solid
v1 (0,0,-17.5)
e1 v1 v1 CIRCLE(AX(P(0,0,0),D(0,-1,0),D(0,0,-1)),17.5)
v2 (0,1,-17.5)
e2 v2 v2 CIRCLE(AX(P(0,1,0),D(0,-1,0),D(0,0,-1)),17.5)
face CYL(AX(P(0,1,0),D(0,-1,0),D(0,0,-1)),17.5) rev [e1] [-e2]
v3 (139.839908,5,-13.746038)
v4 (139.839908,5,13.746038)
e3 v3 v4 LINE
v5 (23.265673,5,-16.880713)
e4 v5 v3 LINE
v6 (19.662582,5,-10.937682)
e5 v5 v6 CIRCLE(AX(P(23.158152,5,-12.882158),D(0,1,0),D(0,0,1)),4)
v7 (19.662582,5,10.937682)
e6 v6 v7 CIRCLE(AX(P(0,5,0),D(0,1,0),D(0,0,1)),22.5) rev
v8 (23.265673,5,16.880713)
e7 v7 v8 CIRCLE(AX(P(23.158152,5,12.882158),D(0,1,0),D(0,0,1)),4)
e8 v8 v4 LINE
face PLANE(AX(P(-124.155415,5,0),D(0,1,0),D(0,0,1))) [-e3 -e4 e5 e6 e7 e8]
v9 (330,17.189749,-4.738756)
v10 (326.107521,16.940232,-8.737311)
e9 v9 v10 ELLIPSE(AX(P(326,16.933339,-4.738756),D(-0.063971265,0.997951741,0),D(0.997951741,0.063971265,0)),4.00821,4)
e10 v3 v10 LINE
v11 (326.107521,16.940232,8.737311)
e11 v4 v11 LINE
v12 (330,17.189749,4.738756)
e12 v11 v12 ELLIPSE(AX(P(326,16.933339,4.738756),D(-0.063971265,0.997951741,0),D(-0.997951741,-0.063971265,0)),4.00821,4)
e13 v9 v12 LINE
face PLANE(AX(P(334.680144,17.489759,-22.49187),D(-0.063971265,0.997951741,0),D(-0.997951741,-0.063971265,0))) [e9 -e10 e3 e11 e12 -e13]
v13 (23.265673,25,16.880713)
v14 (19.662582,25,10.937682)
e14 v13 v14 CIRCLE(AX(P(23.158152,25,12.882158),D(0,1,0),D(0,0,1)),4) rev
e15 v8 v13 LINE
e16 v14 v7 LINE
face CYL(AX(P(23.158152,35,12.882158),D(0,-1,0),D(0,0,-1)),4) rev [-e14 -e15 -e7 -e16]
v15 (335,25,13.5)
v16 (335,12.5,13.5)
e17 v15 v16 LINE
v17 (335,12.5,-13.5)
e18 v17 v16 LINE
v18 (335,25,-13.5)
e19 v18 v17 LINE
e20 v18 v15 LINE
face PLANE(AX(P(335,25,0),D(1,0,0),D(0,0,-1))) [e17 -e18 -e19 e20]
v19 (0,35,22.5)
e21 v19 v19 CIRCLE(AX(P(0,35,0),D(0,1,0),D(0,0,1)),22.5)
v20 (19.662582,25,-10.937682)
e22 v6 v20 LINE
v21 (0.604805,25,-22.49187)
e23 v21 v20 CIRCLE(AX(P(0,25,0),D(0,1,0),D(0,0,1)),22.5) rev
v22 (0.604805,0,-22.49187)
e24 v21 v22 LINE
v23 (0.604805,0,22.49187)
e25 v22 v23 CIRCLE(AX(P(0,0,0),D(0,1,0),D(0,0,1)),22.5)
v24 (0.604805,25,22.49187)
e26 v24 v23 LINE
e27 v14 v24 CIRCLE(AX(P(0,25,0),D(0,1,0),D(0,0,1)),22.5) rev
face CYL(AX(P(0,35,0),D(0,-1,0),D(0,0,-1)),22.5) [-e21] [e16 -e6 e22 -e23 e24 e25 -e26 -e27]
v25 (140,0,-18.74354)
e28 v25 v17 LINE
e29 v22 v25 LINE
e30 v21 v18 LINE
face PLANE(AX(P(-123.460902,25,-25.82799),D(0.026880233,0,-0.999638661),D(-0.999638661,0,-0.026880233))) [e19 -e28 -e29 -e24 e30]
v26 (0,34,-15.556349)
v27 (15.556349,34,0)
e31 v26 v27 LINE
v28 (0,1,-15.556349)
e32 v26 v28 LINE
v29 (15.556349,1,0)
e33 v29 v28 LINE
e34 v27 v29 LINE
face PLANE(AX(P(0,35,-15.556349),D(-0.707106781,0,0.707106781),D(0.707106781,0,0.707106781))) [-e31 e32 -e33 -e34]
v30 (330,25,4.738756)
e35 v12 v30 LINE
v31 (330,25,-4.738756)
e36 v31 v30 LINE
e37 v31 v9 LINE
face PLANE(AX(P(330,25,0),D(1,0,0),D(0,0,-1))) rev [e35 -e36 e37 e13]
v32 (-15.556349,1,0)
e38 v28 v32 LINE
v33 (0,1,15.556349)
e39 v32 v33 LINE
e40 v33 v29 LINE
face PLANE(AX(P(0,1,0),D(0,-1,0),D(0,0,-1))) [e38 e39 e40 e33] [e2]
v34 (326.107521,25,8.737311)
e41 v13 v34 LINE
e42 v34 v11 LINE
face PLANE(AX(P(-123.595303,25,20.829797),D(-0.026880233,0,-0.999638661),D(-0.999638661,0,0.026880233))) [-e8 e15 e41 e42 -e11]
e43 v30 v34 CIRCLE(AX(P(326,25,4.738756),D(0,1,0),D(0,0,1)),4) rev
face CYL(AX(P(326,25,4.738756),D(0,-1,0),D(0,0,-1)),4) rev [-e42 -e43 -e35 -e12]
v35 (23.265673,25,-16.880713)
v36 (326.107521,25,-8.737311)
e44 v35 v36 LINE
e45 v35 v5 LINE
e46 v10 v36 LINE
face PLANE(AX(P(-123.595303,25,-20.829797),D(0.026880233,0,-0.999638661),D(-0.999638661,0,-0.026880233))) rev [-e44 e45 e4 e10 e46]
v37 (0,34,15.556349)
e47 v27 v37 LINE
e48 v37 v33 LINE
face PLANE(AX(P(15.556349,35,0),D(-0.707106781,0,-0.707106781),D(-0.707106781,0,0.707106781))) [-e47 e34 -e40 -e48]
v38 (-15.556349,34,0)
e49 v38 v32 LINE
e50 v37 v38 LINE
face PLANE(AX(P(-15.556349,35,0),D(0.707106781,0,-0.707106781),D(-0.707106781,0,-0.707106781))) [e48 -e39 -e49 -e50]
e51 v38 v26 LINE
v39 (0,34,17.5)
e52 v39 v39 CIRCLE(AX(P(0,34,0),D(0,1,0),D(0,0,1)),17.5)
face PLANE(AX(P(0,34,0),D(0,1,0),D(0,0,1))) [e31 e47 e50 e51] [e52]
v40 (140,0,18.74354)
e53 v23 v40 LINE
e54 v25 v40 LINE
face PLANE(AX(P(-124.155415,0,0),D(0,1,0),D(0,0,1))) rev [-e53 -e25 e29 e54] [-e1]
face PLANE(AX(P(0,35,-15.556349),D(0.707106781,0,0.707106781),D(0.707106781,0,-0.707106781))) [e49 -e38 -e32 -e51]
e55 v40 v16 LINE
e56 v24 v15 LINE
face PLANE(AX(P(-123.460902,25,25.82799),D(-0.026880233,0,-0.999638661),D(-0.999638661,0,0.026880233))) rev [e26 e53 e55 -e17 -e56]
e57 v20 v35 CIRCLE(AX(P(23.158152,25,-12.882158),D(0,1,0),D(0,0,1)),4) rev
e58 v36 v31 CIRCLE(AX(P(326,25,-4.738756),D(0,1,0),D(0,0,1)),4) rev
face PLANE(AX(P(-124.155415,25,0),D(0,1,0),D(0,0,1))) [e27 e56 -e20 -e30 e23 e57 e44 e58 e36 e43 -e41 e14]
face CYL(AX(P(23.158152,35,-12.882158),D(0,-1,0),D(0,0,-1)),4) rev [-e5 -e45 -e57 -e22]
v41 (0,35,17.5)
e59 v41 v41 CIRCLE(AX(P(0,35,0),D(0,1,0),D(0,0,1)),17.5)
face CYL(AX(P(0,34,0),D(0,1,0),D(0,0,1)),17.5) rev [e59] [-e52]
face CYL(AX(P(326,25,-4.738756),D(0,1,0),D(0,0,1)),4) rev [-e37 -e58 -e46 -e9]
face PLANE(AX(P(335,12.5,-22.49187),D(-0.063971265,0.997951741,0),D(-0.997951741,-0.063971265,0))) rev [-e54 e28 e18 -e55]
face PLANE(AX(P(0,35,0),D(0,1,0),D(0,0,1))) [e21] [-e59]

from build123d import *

# Parameters (mm, degrees)
EXTRUDE_X1_DEPTH          = 25
CUT_EXTRUDE_X2_DEPTH      = 337.68365599
CUT_EXTRUDE_X2_DEPTH_BACK = 337.68365599
SHELL_S1_T                = -5
SKETCH_C_R                = 22.5
EXTRUDE_X3_DEPTH          = 35
SKETCH_D_R                = 17.5
CUT_EXTRUDE_X5_DEPTH      = 1
CUT_EXTRUDE_START         = -1
SKETCH_E_R                = 17.5
CUT_EXTRUDE_X6_DEPTH      = 1
CUT_EXTRUDE_X7_DEPTH      = 338.471850678
FILLET_F1_R               = 4


with BuildPart() as part:
    # Sketch A → Extrude X1 (new body)
    with BuildSketch(Plane(origin=(0, 0, 0), x_dir=(1, 0, 0), z_dir=(0, 1, 0))):
        Polygon((0.604805244, 22.491869878), (335, 13.5), (335, -13.5), (0.604805244, -22.491869878), align=None)
    extrude(amount=EXTRUDE_X1_DEPTH)

    # Sketch B → Cut-Extrude X2 (cut, two sides: drawn at the far end of the back side and taken through both)
    with BuildSketch(Plane.XY.offset(-CUT_EXTRUDE_X2_DEPTH_BACK)):
        Polygon((335, 12.5), (140, 0), (140, -74.146668182), (362.466184873, -74.146668182), (356.911911272, 12.5), align=None)
    extrude(amount=CUT_EXTRUDE_X2_DEPTH + CUT_EXTRUDE_X2_DEPTH_BACK, mode=Mode.SUBTRACT)

    # Shell S1
    shell_s1_openings = [part.faces().sort_by_distance(p)[0] for p in [
        (153.878711478, 25, 0),
        (0.604805244, 12.5, 0),
    ]]
    offset(amount=SHELL_S1_T, openings=shell_s1_openings, kind=Kind.INTERSECTION)

    # Sketch C → Extrude X3 (add)
    with BuildSketch(Plane(origin=(0, 0, 0), x_dir=(1, 0, 0), z_dir=(0, 1, 0))):
        with Locations(Location((0, 0, 0), (0, 0, 88.459690565))):
            Circle(SKETCH_C_R)
    extrude(amount=EXTRUDE_X3_DEPTH)

    # Sketch D → Cut-Extrude X5 (cut)
    with BuildSketch(Plane(origin=(0, 35, 0), x_dir=(1, 0, 0), z_dir=(0, 1, 0))):
        with Locations(Location((0, 0, 0), (0, 0, 270))):
            Circle(SKETCH_D_R)
    extrude(amount=-CUT_EXTRUDE_X5_DEPTH, mode=Mode.SUBTRACT)

    # Sketch E → Cut-Extrude X6 (cut)
    with BuildSketch(Plane.XZ.offset(CUT_EXTRUDE_START)):
        with Locations(Location((0, 0, 0), (0, 0, 90))):
            Circle(SKETCH_E_R)
    extrude(amount=CUT_EXTRUDE_X6_DEPTH, mode=Mode.SUBTRACT)

    # Sketch F → Cut-Extrude X7 (cut, through all)
    with BuildSketch(Plane(origin=(0, 1, 0), x_dir=(1, 0, 0), z_dir=(0, 1, 0))):
        Polygon((0, 15.556349186), (-15.556349186, 0), (0, -15.556349186), (15.556349186, 0), align=None)
    extrude(amount=CUT_EXTRUDE_X7_DEPTH, mode=Mode.SUBTRACT)

    # Fillet F1
    fillet_f1_edges = [part.edges().sort_by_distance(p)[0] for p in [
        (330, 21.094874747, 8.6326424),
        (330, 21.094874747, -8.6326424),
        (14.607429601, 15, -17.11353267),
        (14.607429601, 15, 17.11353267),
    ]]
    fillet(fillet_f1_edges, radius=FILLET_F1_R)


solid = part.part
